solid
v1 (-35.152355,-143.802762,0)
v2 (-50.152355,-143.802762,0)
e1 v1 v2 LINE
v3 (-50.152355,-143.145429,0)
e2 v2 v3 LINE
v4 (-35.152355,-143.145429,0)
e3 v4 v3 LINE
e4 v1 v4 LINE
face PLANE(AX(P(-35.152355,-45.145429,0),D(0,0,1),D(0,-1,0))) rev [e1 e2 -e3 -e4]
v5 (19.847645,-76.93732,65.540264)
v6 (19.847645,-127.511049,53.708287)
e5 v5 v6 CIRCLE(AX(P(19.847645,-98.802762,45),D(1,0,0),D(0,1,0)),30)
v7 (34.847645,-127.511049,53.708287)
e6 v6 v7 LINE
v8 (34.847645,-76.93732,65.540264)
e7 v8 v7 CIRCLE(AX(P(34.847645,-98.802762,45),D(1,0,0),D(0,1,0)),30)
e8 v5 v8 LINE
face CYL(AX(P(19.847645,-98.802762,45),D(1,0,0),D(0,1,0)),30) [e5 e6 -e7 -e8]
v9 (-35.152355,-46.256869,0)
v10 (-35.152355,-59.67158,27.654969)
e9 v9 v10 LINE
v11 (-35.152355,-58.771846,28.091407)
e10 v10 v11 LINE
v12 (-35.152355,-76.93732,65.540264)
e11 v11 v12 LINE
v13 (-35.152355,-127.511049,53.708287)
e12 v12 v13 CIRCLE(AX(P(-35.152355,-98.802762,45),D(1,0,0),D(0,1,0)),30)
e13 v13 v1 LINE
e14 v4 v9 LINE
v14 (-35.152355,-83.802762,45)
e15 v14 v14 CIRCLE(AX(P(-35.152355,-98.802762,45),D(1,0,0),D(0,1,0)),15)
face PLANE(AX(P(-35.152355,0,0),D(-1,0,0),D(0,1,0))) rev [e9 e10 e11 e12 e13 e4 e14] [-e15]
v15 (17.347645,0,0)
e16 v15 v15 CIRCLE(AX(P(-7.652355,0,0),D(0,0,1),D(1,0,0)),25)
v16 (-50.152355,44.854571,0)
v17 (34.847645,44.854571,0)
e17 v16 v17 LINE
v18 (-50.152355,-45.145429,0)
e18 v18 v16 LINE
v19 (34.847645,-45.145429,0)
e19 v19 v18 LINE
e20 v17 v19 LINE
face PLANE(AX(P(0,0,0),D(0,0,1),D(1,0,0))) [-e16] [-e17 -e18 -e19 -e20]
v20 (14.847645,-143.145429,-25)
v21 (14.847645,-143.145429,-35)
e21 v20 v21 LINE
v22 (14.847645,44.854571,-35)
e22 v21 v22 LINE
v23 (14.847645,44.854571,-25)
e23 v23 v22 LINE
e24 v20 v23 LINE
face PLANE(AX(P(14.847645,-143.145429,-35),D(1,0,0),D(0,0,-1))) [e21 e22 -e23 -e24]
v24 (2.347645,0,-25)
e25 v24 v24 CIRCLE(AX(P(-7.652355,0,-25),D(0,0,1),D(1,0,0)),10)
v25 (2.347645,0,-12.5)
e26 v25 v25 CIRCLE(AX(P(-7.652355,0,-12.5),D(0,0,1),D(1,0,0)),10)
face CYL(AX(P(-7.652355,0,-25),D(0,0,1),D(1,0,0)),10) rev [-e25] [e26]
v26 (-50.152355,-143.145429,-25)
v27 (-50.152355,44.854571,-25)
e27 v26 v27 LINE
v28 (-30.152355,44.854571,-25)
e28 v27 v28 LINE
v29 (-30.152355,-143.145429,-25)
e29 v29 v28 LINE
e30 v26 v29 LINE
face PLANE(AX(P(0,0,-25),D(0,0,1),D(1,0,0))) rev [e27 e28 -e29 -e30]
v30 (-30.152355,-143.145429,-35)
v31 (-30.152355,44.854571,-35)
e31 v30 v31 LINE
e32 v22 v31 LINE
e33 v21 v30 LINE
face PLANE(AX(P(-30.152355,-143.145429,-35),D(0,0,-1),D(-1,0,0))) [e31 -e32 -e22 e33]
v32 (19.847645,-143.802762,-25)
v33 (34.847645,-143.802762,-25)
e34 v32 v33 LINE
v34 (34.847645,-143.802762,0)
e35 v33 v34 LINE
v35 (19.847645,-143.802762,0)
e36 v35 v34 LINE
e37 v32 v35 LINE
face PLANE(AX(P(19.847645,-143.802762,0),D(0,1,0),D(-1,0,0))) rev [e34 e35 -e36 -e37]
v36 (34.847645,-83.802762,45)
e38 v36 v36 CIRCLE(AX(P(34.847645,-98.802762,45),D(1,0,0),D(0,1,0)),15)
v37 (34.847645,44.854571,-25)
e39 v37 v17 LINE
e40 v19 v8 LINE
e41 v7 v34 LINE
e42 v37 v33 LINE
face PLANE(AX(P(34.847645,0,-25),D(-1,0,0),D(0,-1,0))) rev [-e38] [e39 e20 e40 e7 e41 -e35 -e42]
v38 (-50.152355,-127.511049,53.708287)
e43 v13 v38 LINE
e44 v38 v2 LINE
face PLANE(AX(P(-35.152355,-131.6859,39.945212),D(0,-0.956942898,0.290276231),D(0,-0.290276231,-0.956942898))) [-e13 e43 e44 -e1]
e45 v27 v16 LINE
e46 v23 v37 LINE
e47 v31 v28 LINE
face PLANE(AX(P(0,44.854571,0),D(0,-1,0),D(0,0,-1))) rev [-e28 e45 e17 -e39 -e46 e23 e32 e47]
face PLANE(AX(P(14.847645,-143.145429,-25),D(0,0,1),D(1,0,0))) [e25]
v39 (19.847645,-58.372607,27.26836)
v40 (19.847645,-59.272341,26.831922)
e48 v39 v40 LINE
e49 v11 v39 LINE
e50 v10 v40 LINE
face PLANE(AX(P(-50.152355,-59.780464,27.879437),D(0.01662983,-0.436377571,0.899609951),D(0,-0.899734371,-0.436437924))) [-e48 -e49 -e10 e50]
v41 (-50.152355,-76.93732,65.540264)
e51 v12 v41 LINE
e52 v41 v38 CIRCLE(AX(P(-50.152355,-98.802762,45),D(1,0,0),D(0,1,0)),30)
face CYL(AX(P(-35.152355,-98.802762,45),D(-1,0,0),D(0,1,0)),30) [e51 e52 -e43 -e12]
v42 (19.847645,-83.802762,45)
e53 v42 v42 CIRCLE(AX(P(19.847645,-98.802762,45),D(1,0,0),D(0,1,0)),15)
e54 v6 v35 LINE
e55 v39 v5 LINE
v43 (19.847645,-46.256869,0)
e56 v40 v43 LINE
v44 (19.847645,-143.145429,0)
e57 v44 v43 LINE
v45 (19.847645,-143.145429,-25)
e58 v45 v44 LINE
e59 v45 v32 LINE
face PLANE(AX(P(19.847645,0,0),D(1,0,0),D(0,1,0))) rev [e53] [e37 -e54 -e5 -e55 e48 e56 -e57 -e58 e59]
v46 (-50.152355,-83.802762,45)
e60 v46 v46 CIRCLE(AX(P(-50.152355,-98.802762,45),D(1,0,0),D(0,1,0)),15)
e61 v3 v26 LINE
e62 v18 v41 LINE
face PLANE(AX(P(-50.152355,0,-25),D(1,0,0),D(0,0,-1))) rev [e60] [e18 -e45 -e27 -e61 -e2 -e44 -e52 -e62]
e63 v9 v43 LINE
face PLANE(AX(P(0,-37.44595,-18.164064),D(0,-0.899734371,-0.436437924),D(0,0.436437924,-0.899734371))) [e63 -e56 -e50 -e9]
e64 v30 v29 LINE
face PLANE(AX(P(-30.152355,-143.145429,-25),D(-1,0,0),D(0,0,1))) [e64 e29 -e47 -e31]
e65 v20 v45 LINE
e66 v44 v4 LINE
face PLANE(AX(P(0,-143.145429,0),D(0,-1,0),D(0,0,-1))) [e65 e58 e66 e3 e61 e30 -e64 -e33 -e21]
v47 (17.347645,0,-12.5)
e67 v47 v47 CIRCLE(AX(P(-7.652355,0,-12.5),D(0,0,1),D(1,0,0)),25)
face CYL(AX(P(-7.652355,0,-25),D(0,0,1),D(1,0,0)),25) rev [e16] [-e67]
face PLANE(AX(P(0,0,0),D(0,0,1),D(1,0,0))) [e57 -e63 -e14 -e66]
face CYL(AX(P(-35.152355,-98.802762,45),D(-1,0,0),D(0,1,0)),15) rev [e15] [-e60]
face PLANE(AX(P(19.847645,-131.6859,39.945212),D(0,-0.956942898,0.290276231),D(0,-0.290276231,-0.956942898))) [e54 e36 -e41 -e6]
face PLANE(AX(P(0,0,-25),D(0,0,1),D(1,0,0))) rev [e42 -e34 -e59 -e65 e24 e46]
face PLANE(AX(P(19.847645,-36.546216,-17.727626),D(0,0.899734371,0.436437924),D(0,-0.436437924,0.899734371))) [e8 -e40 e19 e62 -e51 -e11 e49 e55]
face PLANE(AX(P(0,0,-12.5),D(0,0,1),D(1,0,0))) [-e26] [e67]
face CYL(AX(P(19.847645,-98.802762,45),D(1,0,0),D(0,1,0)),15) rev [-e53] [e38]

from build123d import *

# Parameters (mm, degrees)
SKETCH1_W            = 85
SKETCH1_H            = 90
SKETCH1_R            = 25
BOSS_EXTRUDE1_DEPTH  = 25
SKETCH1_3_R          = 25
SKETCH1_3_R_2        = 10
BOSS_EXTRUDE2_DEPTH  = 25
SKETCH1_5_R          = 10
CUT_EXTRUDE1_DEPTH   = 72.960881466
SKETCH1_6_R          = 25
SKETCH1_6_R_2        = 10
CUT_EXTRUDE2_DEPTH   = 12.5
SKETCH3_R            = 15
SKETCH3_W            = 25
SKETCH3_H            = 98.657332742
BOSS_EXTRUDE3_DEPTH  = 15
SKETCH5_W            = 25
SKETCH5_H            = 98.657332742
CUT_EXTRUDE3_DEPTH   = 15
SKETCH8_W            = 85
SKETCH8_H            = 25
BOSS_EXTRUDE8_DEPTH  = 98
BOSS_EXTRUDE9_DEPTH  = 1
SKETCH12_W           = 45
SKETCH12_H           = 10
BOSS_EXTRUDE11_DEPTH = 188
CUT_EXTRUDE4_DEPTH   = 177.647203174


with BuildPart() as part:
    # Sketch1 → Boss-Extrude1 (new body)
    with BuildSketch(Plane.XY):
        with Locations((-7.652354571, -0.145429363)):
            Rectangle(SKETCH1_W, SKETCH1_H)
        with Locations((-7.652354571, 0)):
            Circle(SKETCH1_R, mode=Mode.SUBTRACT)
    extrude(amount=-BOSS_EXTRUDE1_DEPTH)

    # Sketch3 → Boss-Extrude3 (add)
    # profile 1 of 2: a face of its own
    with BuildSketch(Plane(origin=(34.847645429, 0, 0), x_dir=(0, 0, -1), z_dir=(1, 0, 0))):
        with BuildLine():
            Line((0, -143.802762105), (0, -45.145429363))
            Line((0, -45.145429363), (-49.456840406, -69.135666299))
            Line((-49.456840406, -69.135666299), (-65.54026385, -76.937319943))
            ThreePointArc((-65.54026385, -76.937319943), (-74.211212735, -105.636871453), (-53.708286934, -127.511049039))
            Line((-53.708286934, -127.511049039), (0, -143.802762105))
        make_face()
        with Locations(Location((-45, -98.802762105, 0), (0, 0, 90))):
            Circle(SKETCH3_R, mode=Mode.SUBTRACT)
    # profile 2 of 2: a face of its own
    with BuildSketch(Plane(origin=(34.847645429, 0, 0), x_dir=(0, 0, -1), z_dir=(1, 0, 0))):
        with Locations((12.5, -94.474095734)):
            Rectangle(SKETCH3_W, SKETCH3_H)
    extrude(amount=-BOSS_EXTRUDE3_DEPTH)


with BuildPart() as body_2:
    # Sketch1<3> → Boss-Extrude2 (new body)
    # profile 1 of 2: a face of its own
    with BuildSketch(Plane.XY):
        with Locations((-7.652354571, 0)):
            Circle(SKETCH1_3_R)
        with Locations((-7.652354571, 0)):
            Circle(SKETCH1_3_R_2, mode=Mode.SUBTRACT)
    # profile 2 of 2: a face of its own
    with BuildSketch(Plane.XY):
        with Locations((-7.652354571, 0)):
            Circle(SKETCH1_3_R_2)
    extrude(amount=-BOSS_EXTRUDE2_DEPTH)

    # Sketch1<5> → Cut-Extrude1 (cut, through all)
    with BuildSketch(Plane.XY):
        with Locations((-7.652354571, 0)):
            Circle(SKETCH1_5_R)
    extrude(amount=-CUT_EXTRUDE1_DEPTH, mode=Mode.SUBTRACT)

    # Sketch1<6> → Cut-Extrude2 (cut)
    with BuildSketch(Plane.XY):
        with Locations((-7.652354571, 0)):
            Circle(SKETCH1_6_R)
        with Locations((-7.652354571, 0)):
            Circle(SKETCH1_6_R_2, mode=Mode.SUBTRACT)
    extrude(amount=-CUT_EXTRUDE2_DEPTH, mode=Mode.SUBTRACT)


with BuildPart() as body_3:
    # Mirror1: mirrored copy
    add(part.part.mirror(Plane(origin=(-7.652354571, 0, 0), x_dir=(0, 0, 1), z_dir=(1, 0, 0))))

    # Sketch5 → Cut-Extrude3 (cut)
    with BuildSketch(Plane.ZY.offset(50.152354571)):
        with Locations((-12.5, -94.474095734)):
            Rectangle(SKETCH5_W, SKETCH5_H)
    extrude(amount=-CUT_EXTRUDE3_DEPTH, mode=Mode.SUBTRACT)


with BuildPart() as cut_extrude3_piece_1:
    # of the separate pieces the step leaves, piece 1, a body of its own (cut_extrude3_pieces)
    add(body_3.part.solids().sort_by_distance((34.847645429, -45.145429363, 0))[0])


with BuildPart() as cut_extrude3_piece_2:
    # of the separate pieces the step leaves, piece 2, a body of its own (cut_extrude3_pieces)
    add(body_3.part.solids().sort_by_distance((-35.152354571, -76.937319943, 65.54026385))[0])


with BuildPart() as part_1:
    add(part.part)

    add(cut_extrude3_piece_1.part)  # Boss-Extrude8 merges Cut-Extrude3 piece 1

    add(cut_extrude3_piece_2.part)  # Boss-Extrude8 merges Cut-Extrude3 piece 2
    # Sketch8 → Boss-Extrude8 (add)
    with BuildSketch(Plane.XZ.offset(45.145429363)):
        with Locations((-7.652354571, -12.5)):
            Rectangle(SKETCH8_W, SKETCH8_H)
    extrude(amount=BOSS_EXTRUDE8_DEPTH)

    # Sketch9 → Boss-Extrude9 (add)
    with BuildSketch(Plane(origin=(0, -36.5462155, -17.727625982), x_dir=(1, 0, 0), z_dir=(0, 0.8997343711779642, 0.4364379237887027))):
        Polygon((-50.152354571, -51.174548766), (34.847645429, -49.760817749), (34.847645429, -19.70317746), (-50.152354571, -19.70317746), align=None)
    extrude(amount=-BOSS_EXTRUDE9_DEPTH)

    add(body_2.part)  # Boss-Extrude11 merges body 2
    # Sketch12 → Boss-Extrude11 (add)
    with BuildSketch(Plane(origin=(0, 44.854570637, 0), x_dir=(1, 0, 0), z_dir=(0, 1, 0))):
        with Locations((-7.652354571, 30)):
            Rectangle(SKETCH12_W, SKETCH12_H)
    extrude(amount=-BOSS_EXTRUDE11_DEPTH)

    # Sketch11 → Cut-Extrude4 (cut, through all)
    with BuildSketch(Plane(origin=(19.847645429, 0, 0), x_dir=(0, 0, -1), z_dir=(1, 0, 0))):
        Polygon((0, -143.802762105), (-26.854143467, -135.656905572), (-27, -143.802762105), align=None)
    extrude(amount=-CUT_EXTRUDE4_DEPTH, mode=Mode.SUBTRACT)


solid = part_1.part
